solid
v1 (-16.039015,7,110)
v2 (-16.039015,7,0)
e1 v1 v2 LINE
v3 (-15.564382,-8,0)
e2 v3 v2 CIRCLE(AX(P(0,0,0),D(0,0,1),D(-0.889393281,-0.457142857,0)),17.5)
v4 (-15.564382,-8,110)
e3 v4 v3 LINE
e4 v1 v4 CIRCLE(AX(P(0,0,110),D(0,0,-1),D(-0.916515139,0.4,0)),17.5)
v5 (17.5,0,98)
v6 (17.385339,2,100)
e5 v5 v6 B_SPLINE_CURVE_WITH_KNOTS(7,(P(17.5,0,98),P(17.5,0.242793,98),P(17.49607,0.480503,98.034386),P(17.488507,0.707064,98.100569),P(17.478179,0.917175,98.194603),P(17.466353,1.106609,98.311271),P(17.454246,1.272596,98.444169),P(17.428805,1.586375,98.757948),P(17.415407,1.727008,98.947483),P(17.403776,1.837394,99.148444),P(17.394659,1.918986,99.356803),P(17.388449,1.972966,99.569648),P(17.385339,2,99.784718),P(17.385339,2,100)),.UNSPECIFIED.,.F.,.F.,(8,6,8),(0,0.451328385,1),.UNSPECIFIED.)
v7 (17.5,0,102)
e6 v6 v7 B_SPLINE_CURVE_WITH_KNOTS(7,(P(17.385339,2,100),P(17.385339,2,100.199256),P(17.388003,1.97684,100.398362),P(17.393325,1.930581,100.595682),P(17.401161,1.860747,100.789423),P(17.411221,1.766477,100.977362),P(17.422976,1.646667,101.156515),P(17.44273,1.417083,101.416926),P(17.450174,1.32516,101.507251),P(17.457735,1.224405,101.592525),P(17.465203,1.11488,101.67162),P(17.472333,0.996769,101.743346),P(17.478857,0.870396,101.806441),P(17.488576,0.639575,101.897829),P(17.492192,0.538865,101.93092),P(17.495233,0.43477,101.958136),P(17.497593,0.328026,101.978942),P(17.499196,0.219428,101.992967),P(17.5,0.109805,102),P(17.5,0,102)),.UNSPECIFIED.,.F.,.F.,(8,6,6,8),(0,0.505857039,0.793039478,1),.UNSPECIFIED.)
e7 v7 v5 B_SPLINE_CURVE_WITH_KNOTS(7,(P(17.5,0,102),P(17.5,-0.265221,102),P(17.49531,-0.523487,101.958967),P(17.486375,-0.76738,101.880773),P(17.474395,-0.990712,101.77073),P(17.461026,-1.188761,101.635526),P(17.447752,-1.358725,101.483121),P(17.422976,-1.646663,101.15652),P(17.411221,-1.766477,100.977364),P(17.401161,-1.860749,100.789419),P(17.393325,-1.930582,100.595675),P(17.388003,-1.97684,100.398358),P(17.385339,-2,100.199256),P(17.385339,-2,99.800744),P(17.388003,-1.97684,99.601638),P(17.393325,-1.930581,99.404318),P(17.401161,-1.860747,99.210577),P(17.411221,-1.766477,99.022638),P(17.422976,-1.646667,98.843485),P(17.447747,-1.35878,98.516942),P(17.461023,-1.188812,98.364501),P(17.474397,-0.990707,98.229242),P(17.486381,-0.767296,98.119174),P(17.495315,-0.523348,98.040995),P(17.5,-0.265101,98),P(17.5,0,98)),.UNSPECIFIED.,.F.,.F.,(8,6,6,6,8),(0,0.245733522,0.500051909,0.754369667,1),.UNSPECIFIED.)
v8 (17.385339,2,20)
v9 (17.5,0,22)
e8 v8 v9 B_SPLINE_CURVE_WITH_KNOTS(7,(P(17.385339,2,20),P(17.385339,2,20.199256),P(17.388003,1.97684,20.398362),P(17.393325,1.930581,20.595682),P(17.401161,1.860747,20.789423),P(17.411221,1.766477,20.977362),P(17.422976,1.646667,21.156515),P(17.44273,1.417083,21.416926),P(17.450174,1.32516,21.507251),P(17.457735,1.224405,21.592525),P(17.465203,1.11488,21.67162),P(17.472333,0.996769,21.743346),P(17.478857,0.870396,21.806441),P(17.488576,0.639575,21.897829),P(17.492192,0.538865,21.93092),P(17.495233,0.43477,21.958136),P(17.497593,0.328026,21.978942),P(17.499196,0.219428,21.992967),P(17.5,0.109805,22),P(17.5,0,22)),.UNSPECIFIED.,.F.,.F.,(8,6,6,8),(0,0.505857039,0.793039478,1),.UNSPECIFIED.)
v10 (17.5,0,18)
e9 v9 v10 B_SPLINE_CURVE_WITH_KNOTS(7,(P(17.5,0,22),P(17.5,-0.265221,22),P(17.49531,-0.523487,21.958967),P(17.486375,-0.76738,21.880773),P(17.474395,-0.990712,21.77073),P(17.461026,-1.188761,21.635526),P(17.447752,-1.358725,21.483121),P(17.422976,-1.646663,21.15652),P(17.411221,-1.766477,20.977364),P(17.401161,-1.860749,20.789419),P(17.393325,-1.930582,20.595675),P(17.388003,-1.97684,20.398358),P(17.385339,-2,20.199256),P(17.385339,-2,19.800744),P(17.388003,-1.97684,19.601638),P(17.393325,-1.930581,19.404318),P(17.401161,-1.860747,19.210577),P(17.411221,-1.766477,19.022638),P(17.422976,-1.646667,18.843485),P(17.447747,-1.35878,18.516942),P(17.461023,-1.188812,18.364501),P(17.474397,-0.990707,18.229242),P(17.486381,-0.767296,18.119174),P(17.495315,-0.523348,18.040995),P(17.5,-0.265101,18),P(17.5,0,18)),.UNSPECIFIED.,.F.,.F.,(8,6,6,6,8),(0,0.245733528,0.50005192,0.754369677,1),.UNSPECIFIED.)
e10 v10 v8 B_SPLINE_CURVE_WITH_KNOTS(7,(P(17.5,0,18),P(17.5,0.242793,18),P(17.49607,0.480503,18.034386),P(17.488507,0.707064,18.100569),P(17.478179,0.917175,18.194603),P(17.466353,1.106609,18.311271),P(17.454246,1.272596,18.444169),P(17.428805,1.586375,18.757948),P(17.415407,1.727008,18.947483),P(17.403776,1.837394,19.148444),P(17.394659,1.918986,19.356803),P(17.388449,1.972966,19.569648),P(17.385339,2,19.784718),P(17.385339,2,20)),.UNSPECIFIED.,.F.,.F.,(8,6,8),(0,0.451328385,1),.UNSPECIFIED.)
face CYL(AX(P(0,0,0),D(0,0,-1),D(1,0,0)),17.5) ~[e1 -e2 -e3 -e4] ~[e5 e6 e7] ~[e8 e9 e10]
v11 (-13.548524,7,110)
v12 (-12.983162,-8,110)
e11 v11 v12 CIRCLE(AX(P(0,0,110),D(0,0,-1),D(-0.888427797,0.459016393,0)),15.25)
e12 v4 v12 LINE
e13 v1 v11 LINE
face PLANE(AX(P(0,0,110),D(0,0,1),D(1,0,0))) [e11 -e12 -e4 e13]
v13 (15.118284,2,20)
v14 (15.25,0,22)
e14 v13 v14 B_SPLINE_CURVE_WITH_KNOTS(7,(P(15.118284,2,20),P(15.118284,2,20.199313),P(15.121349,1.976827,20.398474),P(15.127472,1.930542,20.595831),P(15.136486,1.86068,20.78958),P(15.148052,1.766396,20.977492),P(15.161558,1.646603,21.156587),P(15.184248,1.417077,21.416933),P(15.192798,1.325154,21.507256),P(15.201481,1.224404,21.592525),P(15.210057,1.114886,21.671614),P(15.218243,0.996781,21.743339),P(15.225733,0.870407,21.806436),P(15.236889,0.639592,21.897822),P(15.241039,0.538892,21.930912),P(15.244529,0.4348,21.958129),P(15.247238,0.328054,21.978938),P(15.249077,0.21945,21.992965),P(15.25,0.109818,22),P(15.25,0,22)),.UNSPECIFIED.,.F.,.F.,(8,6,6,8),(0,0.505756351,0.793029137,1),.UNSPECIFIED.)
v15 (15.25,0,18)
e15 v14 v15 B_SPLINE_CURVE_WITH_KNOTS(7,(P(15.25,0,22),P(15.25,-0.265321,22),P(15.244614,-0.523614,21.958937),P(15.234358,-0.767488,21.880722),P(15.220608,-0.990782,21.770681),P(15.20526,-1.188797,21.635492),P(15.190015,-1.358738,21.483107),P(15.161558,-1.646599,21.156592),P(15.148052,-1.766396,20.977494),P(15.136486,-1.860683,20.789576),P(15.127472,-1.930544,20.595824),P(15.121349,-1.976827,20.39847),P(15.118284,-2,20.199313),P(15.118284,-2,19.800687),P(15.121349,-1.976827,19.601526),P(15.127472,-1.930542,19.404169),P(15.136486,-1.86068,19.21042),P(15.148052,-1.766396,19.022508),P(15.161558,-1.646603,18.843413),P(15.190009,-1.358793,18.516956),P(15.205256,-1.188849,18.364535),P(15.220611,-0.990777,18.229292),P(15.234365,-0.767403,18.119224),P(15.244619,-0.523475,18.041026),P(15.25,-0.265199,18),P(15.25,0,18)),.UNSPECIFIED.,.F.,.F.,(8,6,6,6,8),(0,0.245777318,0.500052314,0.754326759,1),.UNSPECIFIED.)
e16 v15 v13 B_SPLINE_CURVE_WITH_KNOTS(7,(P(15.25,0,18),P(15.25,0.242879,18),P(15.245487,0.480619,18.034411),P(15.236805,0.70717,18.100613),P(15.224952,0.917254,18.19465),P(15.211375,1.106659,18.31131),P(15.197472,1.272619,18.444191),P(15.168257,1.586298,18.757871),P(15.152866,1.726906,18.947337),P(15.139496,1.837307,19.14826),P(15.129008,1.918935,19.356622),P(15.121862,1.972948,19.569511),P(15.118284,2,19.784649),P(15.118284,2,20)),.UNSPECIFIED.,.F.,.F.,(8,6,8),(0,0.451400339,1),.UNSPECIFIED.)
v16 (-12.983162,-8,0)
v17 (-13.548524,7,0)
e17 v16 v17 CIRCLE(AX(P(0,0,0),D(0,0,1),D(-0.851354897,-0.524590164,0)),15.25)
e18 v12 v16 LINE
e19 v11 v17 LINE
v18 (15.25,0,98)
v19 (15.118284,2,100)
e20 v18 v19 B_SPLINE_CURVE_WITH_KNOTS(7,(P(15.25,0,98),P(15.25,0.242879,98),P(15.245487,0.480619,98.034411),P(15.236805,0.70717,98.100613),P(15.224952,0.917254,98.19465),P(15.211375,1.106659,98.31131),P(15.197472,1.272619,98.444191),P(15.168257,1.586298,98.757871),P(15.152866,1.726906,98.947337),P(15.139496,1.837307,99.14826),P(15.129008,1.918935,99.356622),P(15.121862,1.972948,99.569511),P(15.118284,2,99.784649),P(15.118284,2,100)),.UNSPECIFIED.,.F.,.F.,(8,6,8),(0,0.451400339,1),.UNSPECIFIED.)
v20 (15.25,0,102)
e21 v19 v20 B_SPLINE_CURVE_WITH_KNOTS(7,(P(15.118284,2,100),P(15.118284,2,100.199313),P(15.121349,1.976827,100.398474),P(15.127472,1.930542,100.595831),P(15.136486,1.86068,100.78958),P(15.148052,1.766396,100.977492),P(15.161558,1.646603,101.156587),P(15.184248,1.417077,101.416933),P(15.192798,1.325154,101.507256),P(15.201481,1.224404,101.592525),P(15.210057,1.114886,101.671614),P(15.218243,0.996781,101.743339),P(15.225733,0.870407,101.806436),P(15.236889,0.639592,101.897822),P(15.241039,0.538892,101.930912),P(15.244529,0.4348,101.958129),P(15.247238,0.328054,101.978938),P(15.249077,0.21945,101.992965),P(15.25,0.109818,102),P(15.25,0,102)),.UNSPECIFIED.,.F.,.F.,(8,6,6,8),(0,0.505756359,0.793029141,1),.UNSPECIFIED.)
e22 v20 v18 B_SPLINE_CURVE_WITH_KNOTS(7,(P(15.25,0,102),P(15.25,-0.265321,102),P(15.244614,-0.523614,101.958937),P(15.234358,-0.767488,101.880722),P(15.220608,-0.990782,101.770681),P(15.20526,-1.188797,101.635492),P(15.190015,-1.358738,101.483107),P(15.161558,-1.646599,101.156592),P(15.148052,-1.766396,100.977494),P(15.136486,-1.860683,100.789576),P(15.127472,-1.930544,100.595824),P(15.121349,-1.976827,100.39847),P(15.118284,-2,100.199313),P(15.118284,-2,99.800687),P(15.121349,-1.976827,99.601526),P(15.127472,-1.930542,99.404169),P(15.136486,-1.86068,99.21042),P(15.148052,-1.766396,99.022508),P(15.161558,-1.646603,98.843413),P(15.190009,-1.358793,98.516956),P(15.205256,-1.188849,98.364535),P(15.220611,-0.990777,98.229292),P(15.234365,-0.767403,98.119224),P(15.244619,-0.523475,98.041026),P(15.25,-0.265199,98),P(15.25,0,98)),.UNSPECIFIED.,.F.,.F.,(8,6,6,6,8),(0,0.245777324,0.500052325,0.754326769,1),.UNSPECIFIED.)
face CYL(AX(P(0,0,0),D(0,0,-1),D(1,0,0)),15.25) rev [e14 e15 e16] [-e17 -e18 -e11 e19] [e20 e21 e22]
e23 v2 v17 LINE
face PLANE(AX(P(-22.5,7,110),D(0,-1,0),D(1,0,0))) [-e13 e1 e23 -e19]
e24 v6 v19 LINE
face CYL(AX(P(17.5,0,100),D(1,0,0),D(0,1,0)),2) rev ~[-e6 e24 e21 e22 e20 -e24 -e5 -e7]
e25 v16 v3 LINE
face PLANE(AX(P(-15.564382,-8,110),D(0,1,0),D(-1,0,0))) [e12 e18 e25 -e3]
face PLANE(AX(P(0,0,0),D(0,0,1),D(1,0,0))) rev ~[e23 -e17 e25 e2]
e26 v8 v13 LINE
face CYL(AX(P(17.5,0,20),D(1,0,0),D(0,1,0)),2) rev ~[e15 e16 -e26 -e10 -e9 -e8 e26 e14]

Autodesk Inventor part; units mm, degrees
ref_plane "YZ Plane" through (0, 0, 0) normal (1, 0, 0) x (0, 1, 0)
ref_plane "XZ Plane" through (0, 0, 0) normal (0, 1, 0) x (-1, 0, 0)
ref_plane "XY Plane" through (0, 0, 0) normal (0, 0, 1) x (1, 0, 0)
sketch "Sketch1" plane through (0, 0, 0) normal (0, 0, 1) x (1, 0, 0)
  circle A0 centre (0, 0) radius 15.25
  circle A1 centre (0, 0) radius 17.5
  line L0 (-17.4453, -1.3829) -> (-17.4453, 0)
  line L1 (-17.9063, 7.789) -> (-15.9453, 7.789)
  line L2 (-15.9453, 7.789) -> (-15.9453, -7.211)
  line L3 (-15.9453, -7.211) -> (-17.9063, -7.211)
  line L4 (-17.9063, -7.211) -> (-17.9063, 7.789)
  line L5 (-17.9063, 7.789) -> (-15.9453, 7.789)
  line L6 (-15.9453, 7.789) -> (-15.9453, -7.211)
  line L7 (-15.9453, -7.211) -> (-17.9063, -7.211)
  line L8 (-17.9063, -7.211) -> (-17.9063, 7.789)
  point P0 (-15.9453, 0.289)
  dimension "d0" = 30.5
  dimension "d1" = 35
  dimension "d20" = 1.5
extrude "Extrusion1" add sketch "Sketch1" along normal blind 110 contours A1 L2 | L2 A1
sketch "Sketch4" plane through (0, 0, 110) normal (0, 0, 1) x (1, 0, 0)
  circle A0 centre (0, 0) radius 17.5 projected
  point P0 (17.5, 0)
sketch "Sketch6" plane through (0, 0, 110) normal (0, 0, 1) x (1, 0, 0)
  line L0 (-22.5, 7) -> (-12.5, 7)
  line L1 (-12.5, 7) -> (-12.5, -8)
  line L2 (-12.5, -8) -> (-22.5, -8)
  line L3 (-22.5, -8) -> (-22.5, 7)
  circle A0 centre (0, 0) radius 17.5 projected
  dimension "d21" = 5
  dimension "d24" = 10
extrude "Extrusion4" cut sketch "Sketch6" against normal through all contours L0 A0 L2 L3 | L0 L1 L2 A0 picked at (-14.1637, -0.5178)
ref_plane "Work Plane2" through (17.5, 0, 110) normal (1, 0, 0) x (0, 1, 0)
sketch "Sketch7" plane through (17.5, 0, 110) normal (1, 0, 0) x (0, 1, 0)
  circle A0 centre (0, -10) radius 2
  circle A1 centre (0, -90) radius 2
  line L0 (17.5, 0) -> (-17.5, 0) projected
  point P0 (0, -110)
  point P1 (-8, 0)
  point P2 (7, 0)
  point P3 (0, 0)
  dimension "d25" = 10
  dimension "d26" = 80
  dimension "d27" = 4
  dimension "d28" = 4
extrude "Extrusion5" cut sketch "Sketch7" against normal blind 10
equation "\"BendRadius\" = Thickness"
equation "\"BendReliefWidth\" = Thickness"
equation "\"BendReliefDepth\" = 0.5 * Thickness"
equation "\"CornerReliefSize\" = 4 * Thickness"
equation "\"MinimumRemnant\" = 2 * Thickness"
equation "\"TransitionRadius\" = BendRadius"
equation "\"JacobiRadiusSize\" = BendRadius"
equation "\"GapSize\" = Thickness"
equation "\"Thickness\" = 0.5"
properties part number "Solenoid Yoke"
